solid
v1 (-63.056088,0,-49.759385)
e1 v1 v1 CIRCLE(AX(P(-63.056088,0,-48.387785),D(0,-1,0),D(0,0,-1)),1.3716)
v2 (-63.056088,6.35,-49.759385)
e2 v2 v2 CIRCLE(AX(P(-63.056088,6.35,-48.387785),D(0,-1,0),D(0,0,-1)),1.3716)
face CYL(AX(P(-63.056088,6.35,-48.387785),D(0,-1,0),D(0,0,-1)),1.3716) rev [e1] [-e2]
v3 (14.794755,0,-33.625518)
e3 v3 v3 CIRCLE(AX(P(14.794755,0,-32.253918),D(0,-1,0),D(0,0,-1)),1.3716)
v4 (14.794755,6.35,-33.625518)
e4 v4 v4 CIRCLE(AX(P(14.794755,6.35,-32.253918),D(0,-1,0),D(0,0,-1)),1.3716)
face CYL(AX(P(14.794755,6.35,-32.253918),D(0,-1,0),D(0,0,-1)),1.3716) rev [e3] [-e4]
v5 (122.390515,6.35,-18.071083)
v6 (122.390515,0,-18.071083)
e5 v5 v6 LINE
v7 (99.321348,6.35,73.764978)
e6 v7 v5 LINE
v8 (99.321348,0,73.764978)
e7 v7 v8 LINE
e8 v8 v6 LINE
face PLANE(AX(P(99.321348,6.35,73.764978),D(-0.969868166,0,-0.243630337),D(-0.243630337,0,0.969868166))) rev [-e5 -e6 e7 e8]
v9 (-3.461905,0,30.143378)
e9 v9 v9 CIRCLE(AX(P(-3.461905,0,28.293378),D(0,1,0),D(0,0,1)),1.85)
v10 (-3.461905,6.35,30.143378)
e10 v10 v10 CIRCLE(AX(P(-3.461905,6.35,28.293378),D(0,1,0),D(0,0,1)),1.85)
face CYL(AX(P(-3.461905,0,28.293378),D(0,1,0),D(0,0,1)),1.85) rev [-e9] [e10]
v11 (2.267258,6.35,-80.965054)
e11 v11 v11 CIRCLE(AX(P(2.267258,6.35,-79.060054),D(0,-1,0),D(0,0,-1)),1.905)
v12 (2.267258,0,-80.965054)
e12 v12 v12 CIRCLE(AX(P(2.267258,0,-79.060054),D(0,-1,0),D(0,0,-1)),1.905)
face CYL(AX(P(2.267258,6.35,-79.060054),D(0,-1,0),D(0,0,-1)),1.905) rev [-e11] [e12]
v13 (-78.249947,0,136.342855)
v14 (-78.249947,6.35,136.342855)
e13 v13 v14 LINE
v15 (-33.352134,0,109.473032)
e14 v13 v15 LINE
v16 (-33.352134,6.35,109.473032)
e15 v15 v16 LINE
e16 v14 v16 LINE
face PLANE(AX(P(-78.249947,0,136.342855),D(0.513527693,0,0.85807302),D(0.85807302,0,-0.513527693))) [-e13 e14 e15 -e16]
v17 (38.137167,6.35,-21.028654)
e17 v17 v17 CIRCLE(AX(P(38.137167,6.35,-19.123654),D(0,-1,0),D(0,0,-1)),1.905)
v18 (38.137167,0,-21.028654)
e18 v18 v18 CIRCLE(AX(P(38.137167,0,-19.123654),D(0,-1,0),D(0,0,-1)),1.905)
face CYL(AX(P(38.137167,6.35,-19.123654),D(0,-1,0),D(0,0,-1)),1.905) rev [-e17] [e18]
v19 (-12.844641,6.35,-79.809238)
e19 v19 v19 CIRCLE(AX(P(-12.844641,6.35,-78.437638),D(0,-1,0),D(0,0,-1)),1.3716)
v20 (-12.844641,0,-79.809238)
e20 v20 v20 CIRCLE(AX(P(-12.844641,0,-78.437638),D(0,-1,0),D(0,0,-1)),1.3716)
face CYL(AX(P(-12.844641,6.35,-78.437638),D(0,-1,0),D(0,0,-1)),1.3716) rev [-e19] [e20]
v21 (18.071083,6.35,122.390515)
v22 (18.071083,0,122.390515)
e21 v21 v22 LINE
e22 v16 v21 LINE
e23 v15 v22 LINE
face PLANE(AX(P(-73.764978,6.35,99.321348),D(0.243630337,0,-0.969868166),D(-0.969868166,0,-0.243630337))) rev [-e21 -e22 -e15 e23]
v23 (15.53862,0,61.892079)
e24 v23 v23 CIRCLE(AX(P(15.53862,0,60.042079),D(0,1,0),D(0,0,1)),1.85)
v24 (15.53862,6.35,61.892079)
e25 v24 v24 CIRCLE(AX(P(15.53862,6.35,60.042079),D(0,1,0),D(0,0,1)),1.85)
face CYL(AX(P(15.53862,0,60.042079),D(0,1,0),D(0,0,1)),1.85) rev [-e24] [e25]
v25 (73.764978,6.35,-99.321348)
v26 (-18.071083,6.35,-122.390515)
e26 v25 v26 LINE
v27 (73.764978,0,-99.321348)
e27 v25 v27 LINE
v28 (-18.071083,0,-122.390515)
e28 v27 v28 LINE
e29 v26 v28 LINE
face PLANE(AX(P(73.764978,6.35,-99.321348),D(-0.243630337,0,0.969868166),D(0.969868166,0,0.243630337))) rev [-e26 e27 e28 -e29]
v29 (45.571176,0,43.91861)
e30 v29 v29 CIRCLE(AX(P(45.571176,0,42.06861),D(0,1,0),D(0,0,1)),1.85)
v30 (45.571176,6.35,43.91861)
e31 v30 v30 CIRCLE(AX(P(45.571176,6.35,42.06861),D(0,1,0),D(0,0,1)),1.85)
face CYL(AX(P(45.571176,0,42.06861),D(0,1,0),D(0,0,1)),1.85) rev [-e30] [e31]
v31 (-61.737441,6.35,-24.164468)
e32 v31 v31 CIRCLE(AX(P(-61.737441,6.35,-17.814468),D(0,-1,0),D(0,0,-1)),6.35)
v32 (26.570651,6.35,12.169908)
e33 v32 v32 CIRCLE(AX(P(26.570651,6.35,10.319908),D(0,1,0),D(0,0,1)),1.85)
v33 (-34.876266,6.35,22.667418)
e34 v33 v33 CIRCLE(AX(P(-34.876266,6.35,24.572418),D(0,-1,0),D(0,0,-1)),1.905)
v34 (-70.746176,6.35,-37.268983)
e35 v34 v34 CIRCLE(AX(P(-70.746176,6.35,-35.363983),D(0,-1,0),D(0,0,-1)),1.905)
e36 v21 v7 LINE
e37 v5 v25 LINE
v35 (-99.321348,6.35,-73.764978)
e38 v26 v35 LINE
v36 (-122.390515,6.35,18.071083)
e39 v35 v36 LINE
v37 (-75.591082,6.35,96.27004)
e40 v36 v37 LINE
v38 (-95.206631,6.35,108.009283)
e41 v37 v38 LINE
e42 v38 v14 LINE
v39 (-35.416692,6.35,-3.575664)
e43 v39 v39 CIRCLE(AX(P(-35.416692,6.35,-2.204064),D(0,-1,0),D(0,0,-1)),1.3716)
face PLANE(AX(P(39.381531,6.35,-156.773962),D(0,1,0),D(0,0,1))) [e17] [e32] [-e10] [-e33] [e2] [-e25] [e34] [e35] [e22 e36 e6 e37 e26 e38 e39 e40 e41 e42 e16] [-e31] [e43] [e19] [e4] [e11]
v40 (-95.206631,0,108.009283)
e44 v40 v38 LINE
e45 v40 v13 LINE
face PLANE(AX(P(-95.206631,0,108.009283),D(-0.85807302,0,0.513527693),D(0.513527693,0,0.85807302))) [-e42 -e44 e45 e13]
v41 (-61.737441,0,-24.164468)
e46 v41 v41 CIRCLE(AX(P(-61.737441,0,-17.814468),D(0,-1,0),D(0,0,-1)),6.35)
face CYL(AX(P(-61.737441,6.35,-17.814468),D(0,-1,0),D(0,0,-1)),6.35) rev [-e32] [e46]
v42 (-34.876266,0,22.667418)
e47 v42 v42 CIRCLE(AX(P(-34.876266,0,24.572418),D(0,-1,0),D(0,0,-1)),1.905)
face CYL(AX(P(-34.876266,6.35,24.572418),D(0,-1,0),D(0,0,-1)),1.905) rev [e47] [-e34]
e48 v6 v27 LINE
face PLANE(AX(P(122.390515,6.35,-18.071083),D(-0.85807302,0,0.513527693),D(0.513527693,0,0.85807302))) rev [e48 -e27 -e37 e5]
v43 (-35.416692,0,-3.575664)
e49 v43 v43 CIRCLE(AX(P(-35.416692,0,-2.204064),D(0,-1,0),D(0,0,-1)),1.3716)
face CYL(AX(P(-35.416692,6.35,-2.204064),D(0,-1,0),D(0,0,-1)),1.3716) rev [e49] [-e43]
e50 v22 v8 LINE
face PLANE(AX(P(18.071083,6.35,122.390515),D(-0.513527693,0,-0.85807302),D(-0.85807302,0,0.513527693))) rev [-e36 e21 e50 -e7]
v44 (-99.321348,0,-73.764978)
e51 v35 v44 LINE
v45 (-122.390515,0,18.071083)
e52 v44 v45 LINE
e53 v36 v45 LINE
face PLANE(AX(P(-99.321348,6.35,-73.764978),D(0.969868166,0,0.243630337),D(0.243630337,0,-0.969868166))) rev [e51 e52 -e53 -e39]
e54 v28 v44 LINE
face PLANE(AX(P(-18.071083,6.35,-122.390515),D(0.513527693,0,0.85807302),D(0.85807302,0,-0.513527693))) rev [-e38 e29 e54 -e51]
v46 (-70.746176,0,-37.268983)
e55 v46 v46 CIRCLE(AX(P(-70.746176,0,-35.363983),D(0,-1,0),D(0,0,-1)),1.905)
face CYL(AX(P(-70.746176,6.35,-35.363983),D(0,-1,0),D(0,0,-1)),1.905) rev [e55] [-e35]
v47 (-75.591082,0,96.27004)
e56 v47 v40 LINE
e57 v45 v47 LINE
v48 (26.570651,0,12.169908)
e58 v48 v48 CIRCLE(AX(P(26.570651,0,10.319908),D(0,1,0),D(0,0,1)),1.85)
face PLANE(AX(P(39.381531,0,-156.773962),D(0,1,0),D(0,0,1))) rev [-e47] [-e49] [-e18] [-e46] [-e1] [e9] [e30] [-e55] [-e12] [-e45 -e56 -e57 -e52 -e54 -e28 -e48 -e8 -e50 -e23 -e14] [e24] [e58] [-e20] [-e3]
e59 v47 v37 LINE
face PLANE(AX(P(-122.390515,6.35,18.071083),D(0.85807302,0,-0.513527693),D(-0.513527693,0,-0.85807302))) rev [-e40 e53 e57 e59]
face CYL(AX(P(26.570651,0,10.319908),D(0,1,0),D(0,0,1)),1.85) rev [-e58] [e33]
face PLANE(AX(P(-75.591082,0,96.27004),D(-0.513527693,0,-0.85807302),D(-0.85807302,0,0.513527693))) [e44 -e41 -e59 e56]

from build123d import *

# Parameters (mm, degrees)
BOSS_EXTRUDE2_DEPTH = 6.35
BOSS_EXTRUDE3_DEPTH = 6.35
SKETCH3_R           = 1.3716
CUT_EXTRUDE1_DEPTH  = 7.35
SKETCH4_R           = 6.35
CUT_EXTRUDE2_DEPTH  = 7.35
SKETCH5_R           = 1.905
CUT_EXTRUDE3_DEPTH  = 7.35
SKETCH7_R           = 1.85
CUT_EXTRUDE4_DEPTH  = 7.35


with BuildPart() as part:
    # Sketch1 → Boss-Extrude2 (new body)
    with BuildSketch(Plane(origin=(0, 0, 0), x_dir=(1, 0, 0), z_dir=(0, 1, 0))):
        Polygon((73.764977758, 99.321348004), (-18.071082704, 122.390514677), (-99.321348004, 73.764977758), (-122.390514677, -18.071082704), (-73.764977758, -99.321348004), (18.071082704, -122.390514677), (99.321348004, -73.764977758), (122.390514677, 18.071082704), align=None)
    extrude(amount=BOSS_EXTRUDE2_DEPTH)

    # Sketch2 → Boss-Extrude3 (add)
    with BuildSketch(Plane(origin=(0, 6.35, 0), x_dir=(-1, 0, 0), z_dir=(0, 1, 0))):
        Polygon((75.591082235, 96.270040344), (95.206631479, 108.009283415), (78.249947043, 136.342854545), (33.35213433, 109.473031516), (73.764977758, 99.321348004), align=None)
    extrude(amount=-BOSS_EXTRUDE3_DEPTH)

    # Sketch3 → Cut-Extrude1 (cut, through all)
    with BuildSketch(Plane.XZ):
        with Locations((-12.844640601, -78.437638464)):
            Circle(SKETCH3_R)
        with Locations((-35.416692023, -2.204063982)):
            Circle(SKETCH3_R)
        with Locations((-63.056087654, -48.387784923)):
            Circle(SKETCH3_R)
        with Locations((14.794755029, -32.253917523)):
            Circle(SKETCH3_R)
    extrude(amount=-CUT_EXTRUDE1_DEPTH, mode=Mode.SUBTRACT)

    # Sketch4 → Cut-Extrude2 (cut, through all)
    with BuildSketch(Plane.XZ):
        with Locations((-61.737440704, -17.814468138)):
            Circle(SKETCH4_R)
    extrude(amount=-CUT_EXTRUDE2_DEPTH, mode=Mode.SUBTRACT)

    # Sketch5 → Cut-Extrude3 (cut, through all)
    with BuildSketch(Plane.XZ):
        with Locations((2.267257691, -79.060054342)):
            Circle(SKETCH5_R)
        with Locations((-70.746175604, -35.363982912)):
            Circle(SKETCH5_R)
        with Locations((38.137167074, -19.123653876)):
            Circle(SKETCH5_R)
        with Locations((-34.876266221, 24.572417555)):
            Circle(SKETCH5_R)
    extrude(amount=-CUT_EXTRUDE3_DEPTH, mode=Mode.SUBTRACT)

    # Sketch7 → Cut-Extrude4 (cut, through all)
    with BuildSketch(Plane(origin=(0, 6.35, 0), x_dir=(1, 0, 0), z_dir=(0, 1, 0))):
        with Locations((15.538619902, -60.042079341)):
            Circle(SKETCH7_R)
        with Locations((-3.461904754, -28.29337759)):
            Circle(SKETCH7_R)
        with Locations((26.570650956, -10.319908322)):
            Circle(SKETCH7_R)
        with Locations((45.571175611, -42.068610072)):
            Circle(SKETCH7_R)
    extrude(amount=-CUT_EXTRUDE4_DEPTH, mode=Mode.SUBTRACT)


solid = part.part
